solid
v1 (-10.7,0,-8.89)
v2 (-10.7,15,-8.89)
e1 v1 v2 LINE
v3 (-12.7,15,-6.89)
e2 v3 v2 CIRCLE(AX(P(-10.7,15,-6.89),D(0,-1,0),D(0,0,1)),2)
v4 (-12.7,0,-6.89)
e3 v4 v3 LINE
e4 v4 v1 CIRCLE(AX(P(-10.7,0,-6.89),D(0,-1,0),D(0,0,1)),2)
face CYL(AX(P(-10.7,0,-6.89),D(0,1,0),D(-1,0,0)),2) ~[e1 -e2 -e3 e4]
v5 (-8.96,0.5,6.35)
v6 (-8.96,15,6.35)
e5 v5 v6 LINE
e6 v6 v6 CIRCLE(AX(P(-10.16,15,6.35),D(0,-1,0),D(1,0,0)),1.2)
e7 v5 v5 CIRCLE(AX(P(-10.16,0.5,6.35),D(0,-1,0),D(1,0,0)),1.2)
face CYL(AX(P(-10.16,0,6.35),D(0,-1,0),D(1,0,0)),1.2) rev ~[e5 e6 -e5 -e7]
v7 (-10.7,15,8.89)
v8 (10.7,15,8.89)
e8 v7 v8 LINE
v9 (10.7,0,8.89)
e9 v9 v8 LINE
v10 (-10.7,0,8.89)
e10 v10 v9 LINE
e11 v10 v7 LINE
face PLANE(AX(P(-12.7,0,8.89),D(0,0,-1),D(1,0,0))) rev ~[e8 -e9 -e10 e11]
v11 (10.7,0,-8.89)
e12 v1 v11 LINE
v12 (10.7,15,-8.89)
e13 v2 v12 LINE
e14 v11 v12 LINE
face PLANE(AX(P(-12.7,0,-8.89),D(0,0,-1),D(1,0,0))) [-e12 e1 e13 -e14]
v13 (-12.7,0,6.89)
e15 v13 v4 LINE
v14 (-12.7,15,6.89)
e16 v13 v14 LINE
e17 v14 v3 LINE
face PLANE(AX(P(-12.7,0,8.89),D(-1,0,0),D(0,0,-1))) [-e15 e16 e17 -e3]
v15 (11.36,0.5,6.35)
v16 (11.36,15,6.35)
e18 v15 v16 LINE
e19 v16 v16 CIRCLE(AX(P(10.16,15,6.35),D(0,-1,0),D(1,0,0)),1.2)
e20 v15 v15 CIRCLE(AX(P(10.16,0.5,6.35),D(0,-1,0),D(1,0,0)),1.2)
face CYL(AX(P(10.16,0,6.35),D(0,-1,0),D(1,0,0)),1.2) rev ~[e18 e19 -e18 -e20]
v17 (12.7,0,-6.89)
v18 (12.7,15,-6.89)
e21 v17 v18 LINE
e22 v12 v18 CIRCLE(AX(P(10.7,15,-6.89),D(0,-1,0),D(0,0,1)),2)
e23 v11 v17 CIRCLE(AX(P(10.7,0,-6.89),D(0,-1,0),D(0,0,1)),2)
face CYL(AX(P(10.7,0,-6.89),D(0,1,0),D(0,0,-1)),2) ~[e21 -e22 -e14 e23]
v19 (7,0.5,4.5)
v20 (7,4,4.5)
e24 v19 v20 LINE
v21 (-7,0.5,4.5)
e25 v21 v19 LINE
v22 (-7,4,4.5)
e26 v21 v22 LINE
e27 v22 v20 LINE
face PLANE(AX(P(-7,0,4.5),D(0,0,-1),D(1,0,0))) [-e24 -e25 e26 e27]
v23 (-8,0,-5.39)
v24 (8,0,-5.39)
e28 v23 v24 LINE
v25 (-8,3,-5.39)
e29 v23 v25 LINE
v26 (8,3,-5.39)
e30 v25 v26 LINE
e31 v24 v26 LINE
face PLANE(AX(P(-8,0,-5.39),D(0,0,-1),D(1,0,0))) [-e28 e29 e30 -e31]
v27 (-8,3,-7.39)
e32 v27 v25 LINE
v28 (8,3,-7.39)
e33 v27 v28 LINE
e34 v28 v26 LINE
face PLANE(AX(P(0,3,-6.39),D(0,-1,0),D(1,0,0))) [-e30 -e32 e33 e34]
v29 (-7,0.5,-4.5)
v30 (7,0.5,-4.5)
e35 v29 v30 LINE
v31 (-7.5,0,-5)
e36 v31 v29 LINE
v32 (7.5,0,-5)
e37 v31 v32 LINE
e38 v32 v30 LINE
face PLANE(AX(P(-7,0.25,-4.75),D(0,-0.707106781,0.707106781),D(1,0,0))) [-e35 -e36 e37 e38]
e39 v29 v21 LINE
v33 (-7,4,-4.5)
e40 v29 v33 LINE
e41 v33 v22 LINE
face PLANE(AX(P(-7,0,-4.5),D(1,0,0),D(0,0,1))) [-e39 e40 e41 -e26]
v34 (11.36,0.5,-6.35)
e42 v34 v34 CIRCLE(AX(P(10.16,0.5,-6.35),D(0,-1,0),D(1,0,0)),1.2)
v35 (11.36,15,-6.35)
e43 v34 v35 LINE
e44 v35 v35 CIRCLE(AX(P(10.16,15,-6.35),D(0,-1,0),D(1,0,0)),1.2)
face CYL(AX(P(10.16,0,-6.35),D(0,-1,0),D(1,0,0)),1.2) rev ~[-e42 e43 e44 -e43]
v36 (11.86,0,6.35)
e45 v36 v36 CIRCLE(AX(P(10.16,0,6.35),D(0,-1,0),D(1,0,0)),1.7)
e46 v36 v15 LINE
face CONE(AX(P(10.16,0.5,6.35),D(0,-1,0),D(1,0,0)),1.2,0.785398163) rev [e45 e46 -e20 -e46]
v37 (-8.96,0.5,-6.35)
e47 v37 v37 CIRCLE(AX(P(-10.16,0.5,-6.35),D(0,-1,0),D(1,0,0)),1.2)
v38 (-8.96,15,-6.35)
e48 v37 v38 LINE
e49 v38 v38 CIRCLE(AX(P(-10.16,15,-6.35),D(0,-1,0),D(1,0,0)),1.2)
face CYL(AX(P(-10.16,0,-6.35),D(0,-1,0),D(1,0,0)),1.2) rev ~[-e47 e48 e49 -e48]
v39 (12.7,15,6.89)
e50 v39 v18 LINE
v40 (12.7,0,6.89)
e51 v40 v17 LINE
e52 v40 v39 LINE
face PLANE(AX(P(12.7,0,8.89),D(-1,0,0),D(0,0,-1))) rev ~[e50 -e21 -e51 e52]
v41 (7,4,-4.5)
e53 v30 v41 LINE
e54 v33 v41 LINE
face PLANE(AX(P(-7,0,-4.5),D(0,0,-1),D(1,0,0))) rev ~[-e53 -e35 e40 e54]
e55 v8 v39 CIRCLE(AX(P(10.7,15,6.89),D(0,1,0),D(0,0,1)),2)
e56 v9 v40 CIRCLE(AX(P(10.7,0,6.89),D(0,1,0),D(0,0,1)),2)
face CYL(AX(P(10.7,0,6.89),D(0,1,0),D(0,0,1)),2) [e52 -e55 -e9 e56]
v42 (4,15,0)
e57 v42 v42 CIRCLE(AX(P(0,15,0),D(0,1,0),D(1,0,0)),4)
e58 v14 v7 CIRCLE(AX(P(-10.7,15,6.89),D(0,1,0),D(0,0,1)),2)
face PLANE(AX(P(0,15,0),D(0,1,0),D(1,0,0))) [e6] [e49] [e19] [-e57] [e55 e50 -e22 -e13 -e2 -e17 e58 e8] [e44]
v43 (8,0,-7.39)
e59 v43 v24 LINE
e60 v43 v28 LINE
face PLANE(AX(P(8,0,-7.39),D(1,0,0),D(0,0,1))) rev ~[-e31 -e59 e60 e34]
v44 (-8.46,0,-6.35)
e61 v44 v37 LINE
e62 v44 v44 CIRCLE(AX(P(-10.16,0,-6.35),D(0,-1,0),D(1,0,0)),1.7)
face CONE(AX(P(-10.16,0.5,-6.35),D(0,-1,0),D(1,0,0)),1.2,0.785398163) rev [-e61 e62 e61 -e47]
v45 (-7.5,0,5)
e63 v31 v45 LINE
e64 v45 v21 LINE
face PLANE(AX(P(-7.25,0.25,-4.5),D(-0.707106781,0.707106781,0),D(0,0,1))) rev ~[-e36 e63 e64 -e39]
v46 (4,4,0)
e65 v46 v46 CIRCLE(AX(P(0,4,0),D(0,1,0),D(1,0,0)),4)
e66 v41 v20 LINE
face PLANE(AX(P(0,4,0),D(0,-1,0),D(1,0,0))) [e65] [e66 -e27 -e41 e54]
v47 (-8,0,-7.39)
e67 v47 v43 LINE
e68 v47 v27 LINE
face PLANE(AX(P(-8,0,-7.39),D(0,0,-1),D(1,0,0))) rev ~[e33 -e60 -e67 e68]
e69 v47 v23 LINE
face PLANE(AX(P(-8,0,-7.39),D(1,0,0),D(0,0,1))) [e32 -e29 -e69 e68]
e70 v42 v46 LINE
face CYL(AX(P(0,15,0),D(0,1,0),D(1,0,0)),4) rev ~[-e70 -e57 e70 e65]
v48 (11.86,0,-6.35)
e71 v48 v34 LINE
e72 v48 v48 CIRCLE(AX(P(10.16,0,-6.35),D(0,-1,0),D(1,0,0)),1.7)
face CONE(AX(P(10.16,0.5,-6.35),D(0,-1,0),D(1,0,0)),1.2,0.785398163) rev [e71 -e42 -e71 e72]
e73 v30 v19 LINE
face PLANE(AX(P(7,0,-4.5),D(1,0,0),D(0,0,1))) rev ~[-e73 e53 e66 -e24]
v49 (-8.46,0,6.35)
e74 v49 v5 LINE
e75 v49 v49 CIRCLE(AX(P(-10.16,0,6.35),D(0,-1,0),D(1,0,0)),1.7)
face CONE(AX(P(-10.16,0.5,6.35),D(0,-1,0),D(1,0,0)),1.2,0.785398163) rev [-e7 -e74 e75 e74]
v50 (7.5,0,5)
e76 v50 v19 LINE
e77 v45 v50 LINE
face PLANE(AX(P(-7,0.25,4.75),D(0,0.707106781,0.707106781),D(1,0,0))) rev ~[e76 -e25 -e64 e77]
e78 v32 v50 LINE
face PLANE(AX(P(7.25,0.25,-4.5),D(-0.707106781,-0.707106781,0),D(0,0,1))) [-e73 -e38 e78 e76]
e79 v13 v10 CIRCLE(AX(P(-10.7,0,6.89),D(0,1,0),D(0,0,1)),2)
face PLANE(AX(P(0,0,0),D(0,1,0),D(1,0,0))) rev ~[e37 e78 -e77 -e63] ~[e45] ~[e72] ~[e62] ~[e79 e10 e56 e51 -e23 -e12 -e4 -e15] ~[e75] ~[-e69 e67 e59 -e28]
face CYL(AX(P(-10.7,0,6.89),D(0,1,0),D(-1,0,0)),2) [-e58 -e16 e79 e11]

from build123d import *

# Parameters (mm, degrees)
SKETCH1_W               = 25.4
SKETCH1_H               = 17.78
BOSS_EXTRUDE1_DEPTH     = 15
SKETCH2_W               = 14
SKETCH2_H               = 9
CUT_EXTRUDE1_DEPTH      = 4
SKETCH3_R               = 4
CUT_EXTRUDE2_DEPTH      = 25
SKETCH4_R               = 1.2
CUT_EXTRUDE3_DEPTH      = 25
FILLET1_R               = 2
CHAMFER1_SIZE           = 0.5
SKETCH5_W               = 16
SKETCH5_H               = 2
CUT_EXTRUDE4_DEPTH      = 7
CUT_EXTRUDE4_DEPTH_BACK = 3


with BuildPart() as part:
    # Sketch1 → Boss-Extrude1 (new body)
    with BuildSketch(Plane(origin=(0, 0, 0), x_dir=(1, 0, 0), z_dir=(0, 1, 0))):
        Rectangle(SKETCH1_W, SKETCH1_H)
    extrude(amount=BOSS_EXTRUDE1_DEPTH)

    # Sketch2 → Cut-Extrude1 (cut)
    with BuildSketch(Plane.XZ):
        Rectangle(SKETCH2_W, SKETCH2_H)
    extrude(amount=-CUT_EXTRUDE1_DEPTH, mode=Mode.SUBTRACT)

    # Sketch3 → Cut-Extrude2 (cut)
    with BuildSketch(Plane(origin=(0, 15, 0), x_dir=(1, 0, 0), z_dir=(0, 1, 0))):
        Circle(SKETCH3_R)
    extrude(amount=-CUT_EXTRUDE2_DEPTH, mode=Mode.SUBTRACT)

    # Sketch4 → Cut-Extrude3 (cut)
    with BuildSketch(Plane.XZ):
        with Locations((-10.16, -6.35)):
            Circle(SKETCH4_R)
        with Locations((-10.16, 6.35)):
            Circle(SKETCH4_R)
        with Locations((10.16, 6.35)):
            Circle(SKETCH4_R)
        with Locations((10.16, -6.35)):
            Circle(SKETCH4_R)
    extrude(amount=-CUT_EXTRUDE3_DEPTH, mode=Mode.SUBTRACT)

    # Fillet1
    fillet1_edges = [part.edges().sort_by_distance(p)[0] for p in [
        (-12.7, 7.5, -8.89),
        (12.7, 7.5, -8.89),
        (12.7, 7.5, 8.89),
        (-12.7, 7.5, 8.89),
    ]]
    fillet(fillet1_edges, radius=FILLET1_R)

    # Chamfer1
    chamfer1_edges = [part.edges().sort_by_distance(p)[0] for p in [
        (7, 0, 0),
        (0, 0, 4.5),
        (-7, 0, 0),
        (0, 0, -4.5),
        (8.96, 0, -6.35),
        (8.96, 0, 6.35),
        (-11.36, 0, 6.35),
        (-11.36, 0, -6.35),
    ]]
    chamfer(chamfer1_edges, length=CHAMFER1_SIZE)

    # Sketch5 → Cut-Extrude4 (cut, two sides)
    with BuildSketch(Plane.XZ) as cut_extrude4_sk:
        with Locations((0, -6.39)):
            Rectangle(SKETCH5_W, SKETCH5_H)
    extrude(amount=CUT_EXTRUDE4_DEPTH, mode=Mode.SUBTRACT)
    extrude(cut_extrude4_sk.sketch, amount=-CUT_EXTRUDE4_DEPTH_BACK, mode=Mode.SUBTRACT)


solid = part.part
